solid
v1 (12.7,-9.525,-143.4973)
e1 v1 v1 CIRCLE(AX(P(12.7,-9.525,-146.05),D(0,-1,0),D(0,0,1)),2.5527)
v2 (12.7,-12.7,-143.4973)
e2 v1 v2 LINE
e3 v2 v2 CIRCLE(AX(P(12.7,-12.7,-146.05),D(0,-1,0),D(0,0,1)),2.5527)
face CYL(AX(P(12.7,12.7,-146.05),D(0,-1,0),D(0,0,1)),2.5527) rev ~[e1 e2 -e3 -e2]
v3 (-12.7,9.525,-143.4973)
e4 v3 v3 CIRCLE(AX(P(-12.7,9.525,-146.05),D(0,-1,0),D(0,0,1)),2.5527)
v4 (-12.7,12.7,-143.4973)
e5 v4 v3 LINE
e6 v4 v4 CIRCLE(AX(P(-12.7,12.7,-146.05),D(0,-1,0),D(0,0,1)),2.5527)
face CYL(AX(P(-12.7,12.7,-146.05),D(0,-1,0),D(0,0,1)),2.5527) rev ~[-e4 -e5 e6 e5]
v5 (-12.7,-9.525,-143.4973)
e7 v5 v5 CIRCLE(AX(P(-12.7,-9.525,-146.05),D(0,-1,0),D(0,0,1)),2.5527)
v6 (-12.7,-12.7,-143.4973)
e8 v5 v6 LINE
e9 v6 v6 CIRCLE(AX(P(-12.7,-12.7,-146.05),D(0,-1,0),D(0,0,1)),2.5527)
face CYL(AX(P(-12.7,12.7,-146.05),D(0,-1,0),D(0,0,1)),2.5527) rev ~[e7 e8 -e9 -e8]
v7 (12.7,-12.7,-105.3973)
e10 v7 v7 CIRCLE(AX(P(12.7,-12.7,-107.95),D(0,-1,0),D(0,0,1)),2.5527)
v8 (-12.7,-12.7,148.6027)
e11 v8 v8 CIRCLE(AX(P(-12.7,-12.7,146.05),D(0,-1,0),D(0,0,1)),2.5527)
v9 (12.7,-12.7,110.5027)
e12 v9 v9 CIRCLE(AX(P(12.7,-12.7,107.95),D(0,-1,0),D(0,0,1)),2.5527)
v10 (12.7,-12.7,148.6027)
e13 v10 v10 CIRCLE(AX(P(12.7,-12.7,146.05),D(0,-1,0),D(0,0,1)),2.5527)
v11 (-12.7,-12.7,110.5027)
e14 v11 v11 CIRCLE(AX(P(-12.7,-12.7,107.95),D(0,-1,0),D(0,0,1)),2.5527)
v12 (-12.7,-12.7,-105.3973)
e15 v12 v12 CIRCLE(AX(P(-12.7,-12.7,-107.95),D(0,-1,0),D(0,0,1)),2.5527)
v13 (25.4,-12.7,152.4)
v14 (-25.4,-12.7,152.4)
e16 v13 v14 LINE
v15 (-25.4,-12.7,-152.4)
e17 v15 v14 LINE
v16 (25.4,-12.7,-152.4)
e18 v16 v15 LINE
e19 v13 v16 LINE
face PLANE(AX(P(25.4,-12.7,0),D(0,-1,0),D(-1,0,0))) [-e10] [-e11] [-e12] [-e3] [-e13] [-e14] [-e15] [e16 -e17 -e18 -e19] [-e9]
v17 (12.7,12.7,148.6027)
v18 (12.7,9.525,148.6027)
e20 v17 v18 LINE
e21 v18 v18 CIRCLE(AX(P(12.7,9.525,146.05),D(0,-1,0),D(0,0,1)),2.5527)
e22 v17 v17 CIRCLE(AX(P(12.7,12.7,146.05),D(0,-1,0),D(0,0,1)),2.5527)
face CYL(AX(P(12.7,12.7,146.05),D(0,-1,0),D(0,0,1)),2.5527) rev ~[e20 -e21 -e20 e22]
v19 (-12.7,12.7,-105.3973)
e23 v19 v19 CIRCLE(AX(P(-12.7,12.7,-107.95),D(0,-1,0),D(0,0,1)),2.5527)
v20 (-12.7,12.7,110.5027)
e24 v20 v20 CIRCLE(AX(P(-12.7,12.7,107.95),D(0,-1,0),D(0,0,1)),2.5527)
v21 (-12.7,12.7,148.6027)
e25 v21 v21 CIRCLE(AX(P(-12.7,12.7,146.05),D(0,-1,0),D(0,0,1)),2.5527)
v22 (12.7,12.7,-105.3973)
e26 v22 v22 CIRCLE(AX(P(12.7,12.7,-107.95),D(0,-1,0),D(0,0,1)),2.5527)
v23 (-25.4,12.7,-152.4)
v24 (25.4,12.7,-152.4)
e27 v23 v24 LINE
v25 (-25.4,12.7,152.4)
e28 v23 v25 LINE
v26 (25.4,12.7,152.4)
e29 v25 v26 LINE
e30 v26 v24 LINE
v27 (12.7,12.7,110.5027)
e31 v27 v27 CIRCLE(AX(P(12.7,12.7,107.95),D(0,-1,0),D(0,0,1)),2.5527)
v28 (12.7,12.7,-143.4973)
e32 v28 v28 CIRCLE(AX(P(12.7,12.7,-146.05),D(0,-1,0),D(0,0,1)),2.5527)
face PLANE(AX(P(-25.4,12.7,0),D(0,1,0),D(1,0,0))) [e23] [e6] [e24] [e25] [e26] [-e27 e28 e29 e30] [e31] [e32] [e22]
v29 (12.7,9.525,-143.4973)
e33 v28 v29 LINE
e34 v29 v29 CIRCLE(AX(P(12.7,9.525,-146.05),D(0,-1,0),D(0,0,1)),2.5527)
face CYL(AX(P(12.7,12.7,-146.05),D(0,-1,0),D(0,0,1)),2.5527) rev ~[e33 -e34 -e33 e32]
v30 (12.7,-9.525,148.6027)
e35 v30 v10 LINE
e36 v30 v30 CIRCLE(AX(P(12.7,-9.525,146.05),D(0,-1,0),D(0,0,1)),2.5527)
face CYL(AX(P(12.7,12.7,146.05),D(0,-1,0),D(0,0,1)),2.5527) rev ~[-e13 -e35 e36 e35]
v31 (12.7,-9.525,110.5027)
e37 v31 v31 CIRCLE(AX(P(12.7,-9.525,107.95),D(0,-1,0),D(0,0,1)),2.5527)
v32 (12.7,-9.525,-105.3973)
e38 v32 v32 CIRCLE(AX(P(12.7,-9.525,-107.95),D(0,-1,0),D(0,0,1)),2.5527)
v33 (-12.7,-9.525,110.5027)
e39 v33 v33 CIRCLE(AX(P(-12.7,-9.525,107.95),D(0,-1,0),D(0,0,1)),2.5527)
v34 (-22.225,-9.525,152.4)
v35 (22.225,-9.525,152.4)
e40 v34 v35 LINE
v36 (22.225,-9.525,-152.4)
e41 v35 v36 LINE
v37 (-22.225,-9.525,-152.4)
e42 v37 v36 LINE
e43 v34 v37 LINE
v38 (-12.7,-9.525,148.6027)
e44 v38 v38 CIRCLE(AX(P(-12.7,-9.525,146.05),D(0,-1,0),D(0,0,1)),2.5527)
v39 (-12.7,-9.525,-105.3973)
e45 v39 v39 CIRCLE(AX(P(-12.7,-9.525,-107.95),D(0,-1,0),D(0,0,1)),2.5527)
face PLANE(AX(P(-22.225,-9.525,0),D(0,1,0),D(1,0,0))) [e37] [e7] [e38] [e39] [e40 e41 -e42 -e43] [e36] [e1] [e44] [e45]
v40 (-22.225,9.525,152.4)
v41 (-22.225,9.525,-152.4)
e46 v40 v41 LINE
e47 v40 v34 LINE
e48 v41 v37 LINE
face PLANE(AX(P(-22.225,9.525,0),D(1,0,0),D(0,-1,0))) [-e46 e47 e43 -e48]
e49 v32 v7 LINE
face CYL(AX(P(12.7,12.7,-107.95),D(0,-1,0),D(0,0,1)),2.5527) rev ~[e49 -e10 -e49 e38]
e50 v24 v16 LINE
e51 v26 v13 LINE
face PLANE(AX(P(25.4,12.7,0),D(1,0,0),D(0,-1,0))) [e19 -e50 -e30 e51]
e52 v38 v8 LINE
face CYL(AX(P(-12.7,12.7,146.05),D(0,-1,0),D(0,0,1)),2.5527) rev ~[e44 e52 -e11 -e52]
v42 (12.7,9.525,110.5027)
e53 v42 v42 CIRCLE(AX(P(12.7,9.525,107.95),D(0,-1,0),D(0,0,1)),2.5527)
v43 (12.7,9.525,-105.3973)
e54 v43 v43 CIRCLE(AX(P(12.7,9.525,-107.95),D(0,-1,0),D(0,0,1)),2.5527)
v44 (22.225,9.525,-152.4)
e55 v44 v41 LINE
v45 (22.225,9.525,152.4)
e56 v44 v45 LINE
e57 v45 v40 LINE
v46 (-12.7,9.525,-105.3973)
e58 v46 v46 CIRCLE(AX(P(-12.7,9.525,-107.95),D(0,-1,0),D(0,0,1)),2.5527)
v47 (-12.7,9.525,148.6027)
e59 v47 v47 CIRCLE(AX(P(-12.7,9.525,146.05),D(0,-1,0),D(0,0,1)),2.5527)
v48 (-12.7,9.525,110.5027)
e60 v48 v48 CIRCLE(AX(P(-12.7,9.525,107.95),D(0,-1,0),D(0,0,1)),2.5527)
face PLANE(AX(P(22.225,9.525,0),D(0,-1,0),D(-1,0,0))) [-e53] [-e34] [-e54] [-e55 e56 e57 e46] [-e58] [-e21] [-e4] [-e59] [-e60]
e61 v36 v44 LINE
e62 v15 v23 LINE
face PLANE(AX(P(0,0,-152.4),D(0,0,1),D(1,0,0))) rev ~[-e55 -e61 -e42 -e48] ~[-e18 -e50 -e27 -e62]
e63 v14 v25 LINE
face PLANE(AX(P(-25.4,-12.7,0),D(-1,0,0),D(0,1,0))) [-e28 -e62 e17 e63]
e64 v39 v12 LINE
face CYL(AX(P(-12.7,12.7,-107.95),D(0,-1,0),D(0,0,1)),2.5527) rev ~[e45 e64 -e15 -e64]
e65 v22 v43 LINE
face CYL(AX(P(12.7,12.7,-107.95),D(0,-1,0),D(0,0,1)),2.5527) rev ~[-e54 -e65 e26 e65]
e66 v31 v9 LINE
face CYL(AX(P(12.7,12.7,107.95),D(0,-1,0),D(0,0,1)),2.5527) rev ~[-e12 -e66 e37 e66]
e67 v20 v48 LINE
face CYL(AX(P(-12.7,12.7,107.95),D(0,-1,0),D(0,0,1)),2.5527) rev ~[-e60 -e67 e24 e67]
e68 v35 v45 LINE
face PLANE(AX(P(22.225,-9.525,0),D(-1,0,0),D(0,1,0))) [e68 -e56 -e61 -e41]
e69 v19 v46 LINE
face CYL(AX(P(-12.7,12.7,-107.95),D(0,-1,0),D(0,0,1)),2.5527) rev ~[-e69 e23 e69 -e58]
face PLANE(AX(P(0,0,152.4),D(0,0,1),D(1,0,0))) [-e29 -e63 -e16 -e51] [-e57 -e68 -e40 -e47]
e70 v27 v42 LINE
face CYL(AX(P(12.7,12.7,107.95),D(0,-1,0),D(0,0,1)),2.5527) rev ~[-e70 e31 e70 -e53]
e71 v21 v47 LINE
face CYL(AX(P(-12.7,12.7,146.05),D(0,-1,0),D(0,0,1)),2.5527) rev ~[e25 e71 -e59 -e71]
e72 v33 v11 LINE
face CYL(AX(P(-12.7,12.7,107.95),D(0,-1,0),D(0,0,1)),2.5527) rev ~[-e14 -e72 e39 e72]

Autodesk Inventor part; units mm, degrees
ref_plane "YZ Plane" through (0, 0, 0) normal (1, 0, 0) x (0, 1, 0)
ref_plane "XZ Plane" through (0, 0, 0) normal (0, 1, 0) x (-1, 0, 0)
ref_plane "XY Plane" through (0, 0, 0) normal (0, 0, 1) x (1, 0, 0)
sketch "Sketch1" plane through (0, 0, 0) normal (0, 0, 1) x (1, 0, 0)
  line L0 (-25.4, 12.7) -> (25.4, 12.7)
  line L1 (25.4, 12.7) -> (25.4, -12.7)
  line L2 (25.4, -12.7) -> (-25.4, -12.7)
  line L3 (-25.4, -12.7) -> (-25.4, 12.7)
  line L4 (-25.4, 12.7) -> (25.4, -12.7) construction
  line L5 (25.4, 12.7) -> (-25.4, -12.7) construction
  line L6 (22.225, 9.525) -> (-22.225, 9.525)
  line L7 (-22.225, 9.525) -> (-22.225, -9.525)
  line L8 (-22.225, -9.525) -> (22.225, -9.525)
  line L9 (22.225, -9.525) -> (22.225, 9.525)
  line L10 (22.225, 9.525) -> (-22.225, -9.525) construction
  line L11 (-22.225, 9.525) -> (22.225, -9.525) construction
  point P0 (0, 0)
  dimension "d0" = 50.8
  dimension "d1" = 25.4
  dimension "d2" = 3.175
  dimension "d3" = 3.175
extrude "Extrusion1" add sketch "Sketch1" along normal mid plane 304.8
sketch "Sketch2" plane through (-25.4, 12.7, 152.4) normal (0, 1, 0) x (1, 0, 0)
  line L0 (50.8, 0) -> (0, 0) projected
  line L1 (0, 304.8) -> (50.8, 304.8) projected
  line L2 (0, 304.8) -> (0, 0) projected
  line L3 (50.8, 304.8) -> (50.8, 0) projected
  point P0 (25.4, 152.4)
  point P1 (12.7, 6.35)
  point P2 (38.1, 6.35)
  point P3 (38.1, 44.45)
  point P4 (12.7, 44.45)
  point P5 (12.7, 298.45)
  point P6 (38.1, 298.45)
  point P7 (38.1, 260.35)
  point P8 (12.7, 260.35)
  dimension "d6" = 6.35
  dimension "d7" = 25.4
  dimension "d8" = 38.1
  dimension "d9" = 6.35
  dimension "d10" = 12.7
  dimension "d11" = 12.7
  dimension "d12" = 12.7
  dimension "d13" = 38.1
hole "Hole1" at (-12.7, 12.7, 146.05) at (12.7, 12.7, 146.05) at (12.7, 12.7, 107.95) at (-12.7, 12.7, 107.95) at (-12.7, 12.7, -146.05) at (12.7, 12.7, -146.05) at (12.7, 12.7, -107.95) at (-12.7, 12.7, -107.95) direction (0, -1, 0) diameter 5.1054 end through all clearance for "Flat Head Machine Screw (82)" size "#10" standard "Ansi Unified Screw Threads"
properties part number "GP1-003" material "Aluminum 6061"
